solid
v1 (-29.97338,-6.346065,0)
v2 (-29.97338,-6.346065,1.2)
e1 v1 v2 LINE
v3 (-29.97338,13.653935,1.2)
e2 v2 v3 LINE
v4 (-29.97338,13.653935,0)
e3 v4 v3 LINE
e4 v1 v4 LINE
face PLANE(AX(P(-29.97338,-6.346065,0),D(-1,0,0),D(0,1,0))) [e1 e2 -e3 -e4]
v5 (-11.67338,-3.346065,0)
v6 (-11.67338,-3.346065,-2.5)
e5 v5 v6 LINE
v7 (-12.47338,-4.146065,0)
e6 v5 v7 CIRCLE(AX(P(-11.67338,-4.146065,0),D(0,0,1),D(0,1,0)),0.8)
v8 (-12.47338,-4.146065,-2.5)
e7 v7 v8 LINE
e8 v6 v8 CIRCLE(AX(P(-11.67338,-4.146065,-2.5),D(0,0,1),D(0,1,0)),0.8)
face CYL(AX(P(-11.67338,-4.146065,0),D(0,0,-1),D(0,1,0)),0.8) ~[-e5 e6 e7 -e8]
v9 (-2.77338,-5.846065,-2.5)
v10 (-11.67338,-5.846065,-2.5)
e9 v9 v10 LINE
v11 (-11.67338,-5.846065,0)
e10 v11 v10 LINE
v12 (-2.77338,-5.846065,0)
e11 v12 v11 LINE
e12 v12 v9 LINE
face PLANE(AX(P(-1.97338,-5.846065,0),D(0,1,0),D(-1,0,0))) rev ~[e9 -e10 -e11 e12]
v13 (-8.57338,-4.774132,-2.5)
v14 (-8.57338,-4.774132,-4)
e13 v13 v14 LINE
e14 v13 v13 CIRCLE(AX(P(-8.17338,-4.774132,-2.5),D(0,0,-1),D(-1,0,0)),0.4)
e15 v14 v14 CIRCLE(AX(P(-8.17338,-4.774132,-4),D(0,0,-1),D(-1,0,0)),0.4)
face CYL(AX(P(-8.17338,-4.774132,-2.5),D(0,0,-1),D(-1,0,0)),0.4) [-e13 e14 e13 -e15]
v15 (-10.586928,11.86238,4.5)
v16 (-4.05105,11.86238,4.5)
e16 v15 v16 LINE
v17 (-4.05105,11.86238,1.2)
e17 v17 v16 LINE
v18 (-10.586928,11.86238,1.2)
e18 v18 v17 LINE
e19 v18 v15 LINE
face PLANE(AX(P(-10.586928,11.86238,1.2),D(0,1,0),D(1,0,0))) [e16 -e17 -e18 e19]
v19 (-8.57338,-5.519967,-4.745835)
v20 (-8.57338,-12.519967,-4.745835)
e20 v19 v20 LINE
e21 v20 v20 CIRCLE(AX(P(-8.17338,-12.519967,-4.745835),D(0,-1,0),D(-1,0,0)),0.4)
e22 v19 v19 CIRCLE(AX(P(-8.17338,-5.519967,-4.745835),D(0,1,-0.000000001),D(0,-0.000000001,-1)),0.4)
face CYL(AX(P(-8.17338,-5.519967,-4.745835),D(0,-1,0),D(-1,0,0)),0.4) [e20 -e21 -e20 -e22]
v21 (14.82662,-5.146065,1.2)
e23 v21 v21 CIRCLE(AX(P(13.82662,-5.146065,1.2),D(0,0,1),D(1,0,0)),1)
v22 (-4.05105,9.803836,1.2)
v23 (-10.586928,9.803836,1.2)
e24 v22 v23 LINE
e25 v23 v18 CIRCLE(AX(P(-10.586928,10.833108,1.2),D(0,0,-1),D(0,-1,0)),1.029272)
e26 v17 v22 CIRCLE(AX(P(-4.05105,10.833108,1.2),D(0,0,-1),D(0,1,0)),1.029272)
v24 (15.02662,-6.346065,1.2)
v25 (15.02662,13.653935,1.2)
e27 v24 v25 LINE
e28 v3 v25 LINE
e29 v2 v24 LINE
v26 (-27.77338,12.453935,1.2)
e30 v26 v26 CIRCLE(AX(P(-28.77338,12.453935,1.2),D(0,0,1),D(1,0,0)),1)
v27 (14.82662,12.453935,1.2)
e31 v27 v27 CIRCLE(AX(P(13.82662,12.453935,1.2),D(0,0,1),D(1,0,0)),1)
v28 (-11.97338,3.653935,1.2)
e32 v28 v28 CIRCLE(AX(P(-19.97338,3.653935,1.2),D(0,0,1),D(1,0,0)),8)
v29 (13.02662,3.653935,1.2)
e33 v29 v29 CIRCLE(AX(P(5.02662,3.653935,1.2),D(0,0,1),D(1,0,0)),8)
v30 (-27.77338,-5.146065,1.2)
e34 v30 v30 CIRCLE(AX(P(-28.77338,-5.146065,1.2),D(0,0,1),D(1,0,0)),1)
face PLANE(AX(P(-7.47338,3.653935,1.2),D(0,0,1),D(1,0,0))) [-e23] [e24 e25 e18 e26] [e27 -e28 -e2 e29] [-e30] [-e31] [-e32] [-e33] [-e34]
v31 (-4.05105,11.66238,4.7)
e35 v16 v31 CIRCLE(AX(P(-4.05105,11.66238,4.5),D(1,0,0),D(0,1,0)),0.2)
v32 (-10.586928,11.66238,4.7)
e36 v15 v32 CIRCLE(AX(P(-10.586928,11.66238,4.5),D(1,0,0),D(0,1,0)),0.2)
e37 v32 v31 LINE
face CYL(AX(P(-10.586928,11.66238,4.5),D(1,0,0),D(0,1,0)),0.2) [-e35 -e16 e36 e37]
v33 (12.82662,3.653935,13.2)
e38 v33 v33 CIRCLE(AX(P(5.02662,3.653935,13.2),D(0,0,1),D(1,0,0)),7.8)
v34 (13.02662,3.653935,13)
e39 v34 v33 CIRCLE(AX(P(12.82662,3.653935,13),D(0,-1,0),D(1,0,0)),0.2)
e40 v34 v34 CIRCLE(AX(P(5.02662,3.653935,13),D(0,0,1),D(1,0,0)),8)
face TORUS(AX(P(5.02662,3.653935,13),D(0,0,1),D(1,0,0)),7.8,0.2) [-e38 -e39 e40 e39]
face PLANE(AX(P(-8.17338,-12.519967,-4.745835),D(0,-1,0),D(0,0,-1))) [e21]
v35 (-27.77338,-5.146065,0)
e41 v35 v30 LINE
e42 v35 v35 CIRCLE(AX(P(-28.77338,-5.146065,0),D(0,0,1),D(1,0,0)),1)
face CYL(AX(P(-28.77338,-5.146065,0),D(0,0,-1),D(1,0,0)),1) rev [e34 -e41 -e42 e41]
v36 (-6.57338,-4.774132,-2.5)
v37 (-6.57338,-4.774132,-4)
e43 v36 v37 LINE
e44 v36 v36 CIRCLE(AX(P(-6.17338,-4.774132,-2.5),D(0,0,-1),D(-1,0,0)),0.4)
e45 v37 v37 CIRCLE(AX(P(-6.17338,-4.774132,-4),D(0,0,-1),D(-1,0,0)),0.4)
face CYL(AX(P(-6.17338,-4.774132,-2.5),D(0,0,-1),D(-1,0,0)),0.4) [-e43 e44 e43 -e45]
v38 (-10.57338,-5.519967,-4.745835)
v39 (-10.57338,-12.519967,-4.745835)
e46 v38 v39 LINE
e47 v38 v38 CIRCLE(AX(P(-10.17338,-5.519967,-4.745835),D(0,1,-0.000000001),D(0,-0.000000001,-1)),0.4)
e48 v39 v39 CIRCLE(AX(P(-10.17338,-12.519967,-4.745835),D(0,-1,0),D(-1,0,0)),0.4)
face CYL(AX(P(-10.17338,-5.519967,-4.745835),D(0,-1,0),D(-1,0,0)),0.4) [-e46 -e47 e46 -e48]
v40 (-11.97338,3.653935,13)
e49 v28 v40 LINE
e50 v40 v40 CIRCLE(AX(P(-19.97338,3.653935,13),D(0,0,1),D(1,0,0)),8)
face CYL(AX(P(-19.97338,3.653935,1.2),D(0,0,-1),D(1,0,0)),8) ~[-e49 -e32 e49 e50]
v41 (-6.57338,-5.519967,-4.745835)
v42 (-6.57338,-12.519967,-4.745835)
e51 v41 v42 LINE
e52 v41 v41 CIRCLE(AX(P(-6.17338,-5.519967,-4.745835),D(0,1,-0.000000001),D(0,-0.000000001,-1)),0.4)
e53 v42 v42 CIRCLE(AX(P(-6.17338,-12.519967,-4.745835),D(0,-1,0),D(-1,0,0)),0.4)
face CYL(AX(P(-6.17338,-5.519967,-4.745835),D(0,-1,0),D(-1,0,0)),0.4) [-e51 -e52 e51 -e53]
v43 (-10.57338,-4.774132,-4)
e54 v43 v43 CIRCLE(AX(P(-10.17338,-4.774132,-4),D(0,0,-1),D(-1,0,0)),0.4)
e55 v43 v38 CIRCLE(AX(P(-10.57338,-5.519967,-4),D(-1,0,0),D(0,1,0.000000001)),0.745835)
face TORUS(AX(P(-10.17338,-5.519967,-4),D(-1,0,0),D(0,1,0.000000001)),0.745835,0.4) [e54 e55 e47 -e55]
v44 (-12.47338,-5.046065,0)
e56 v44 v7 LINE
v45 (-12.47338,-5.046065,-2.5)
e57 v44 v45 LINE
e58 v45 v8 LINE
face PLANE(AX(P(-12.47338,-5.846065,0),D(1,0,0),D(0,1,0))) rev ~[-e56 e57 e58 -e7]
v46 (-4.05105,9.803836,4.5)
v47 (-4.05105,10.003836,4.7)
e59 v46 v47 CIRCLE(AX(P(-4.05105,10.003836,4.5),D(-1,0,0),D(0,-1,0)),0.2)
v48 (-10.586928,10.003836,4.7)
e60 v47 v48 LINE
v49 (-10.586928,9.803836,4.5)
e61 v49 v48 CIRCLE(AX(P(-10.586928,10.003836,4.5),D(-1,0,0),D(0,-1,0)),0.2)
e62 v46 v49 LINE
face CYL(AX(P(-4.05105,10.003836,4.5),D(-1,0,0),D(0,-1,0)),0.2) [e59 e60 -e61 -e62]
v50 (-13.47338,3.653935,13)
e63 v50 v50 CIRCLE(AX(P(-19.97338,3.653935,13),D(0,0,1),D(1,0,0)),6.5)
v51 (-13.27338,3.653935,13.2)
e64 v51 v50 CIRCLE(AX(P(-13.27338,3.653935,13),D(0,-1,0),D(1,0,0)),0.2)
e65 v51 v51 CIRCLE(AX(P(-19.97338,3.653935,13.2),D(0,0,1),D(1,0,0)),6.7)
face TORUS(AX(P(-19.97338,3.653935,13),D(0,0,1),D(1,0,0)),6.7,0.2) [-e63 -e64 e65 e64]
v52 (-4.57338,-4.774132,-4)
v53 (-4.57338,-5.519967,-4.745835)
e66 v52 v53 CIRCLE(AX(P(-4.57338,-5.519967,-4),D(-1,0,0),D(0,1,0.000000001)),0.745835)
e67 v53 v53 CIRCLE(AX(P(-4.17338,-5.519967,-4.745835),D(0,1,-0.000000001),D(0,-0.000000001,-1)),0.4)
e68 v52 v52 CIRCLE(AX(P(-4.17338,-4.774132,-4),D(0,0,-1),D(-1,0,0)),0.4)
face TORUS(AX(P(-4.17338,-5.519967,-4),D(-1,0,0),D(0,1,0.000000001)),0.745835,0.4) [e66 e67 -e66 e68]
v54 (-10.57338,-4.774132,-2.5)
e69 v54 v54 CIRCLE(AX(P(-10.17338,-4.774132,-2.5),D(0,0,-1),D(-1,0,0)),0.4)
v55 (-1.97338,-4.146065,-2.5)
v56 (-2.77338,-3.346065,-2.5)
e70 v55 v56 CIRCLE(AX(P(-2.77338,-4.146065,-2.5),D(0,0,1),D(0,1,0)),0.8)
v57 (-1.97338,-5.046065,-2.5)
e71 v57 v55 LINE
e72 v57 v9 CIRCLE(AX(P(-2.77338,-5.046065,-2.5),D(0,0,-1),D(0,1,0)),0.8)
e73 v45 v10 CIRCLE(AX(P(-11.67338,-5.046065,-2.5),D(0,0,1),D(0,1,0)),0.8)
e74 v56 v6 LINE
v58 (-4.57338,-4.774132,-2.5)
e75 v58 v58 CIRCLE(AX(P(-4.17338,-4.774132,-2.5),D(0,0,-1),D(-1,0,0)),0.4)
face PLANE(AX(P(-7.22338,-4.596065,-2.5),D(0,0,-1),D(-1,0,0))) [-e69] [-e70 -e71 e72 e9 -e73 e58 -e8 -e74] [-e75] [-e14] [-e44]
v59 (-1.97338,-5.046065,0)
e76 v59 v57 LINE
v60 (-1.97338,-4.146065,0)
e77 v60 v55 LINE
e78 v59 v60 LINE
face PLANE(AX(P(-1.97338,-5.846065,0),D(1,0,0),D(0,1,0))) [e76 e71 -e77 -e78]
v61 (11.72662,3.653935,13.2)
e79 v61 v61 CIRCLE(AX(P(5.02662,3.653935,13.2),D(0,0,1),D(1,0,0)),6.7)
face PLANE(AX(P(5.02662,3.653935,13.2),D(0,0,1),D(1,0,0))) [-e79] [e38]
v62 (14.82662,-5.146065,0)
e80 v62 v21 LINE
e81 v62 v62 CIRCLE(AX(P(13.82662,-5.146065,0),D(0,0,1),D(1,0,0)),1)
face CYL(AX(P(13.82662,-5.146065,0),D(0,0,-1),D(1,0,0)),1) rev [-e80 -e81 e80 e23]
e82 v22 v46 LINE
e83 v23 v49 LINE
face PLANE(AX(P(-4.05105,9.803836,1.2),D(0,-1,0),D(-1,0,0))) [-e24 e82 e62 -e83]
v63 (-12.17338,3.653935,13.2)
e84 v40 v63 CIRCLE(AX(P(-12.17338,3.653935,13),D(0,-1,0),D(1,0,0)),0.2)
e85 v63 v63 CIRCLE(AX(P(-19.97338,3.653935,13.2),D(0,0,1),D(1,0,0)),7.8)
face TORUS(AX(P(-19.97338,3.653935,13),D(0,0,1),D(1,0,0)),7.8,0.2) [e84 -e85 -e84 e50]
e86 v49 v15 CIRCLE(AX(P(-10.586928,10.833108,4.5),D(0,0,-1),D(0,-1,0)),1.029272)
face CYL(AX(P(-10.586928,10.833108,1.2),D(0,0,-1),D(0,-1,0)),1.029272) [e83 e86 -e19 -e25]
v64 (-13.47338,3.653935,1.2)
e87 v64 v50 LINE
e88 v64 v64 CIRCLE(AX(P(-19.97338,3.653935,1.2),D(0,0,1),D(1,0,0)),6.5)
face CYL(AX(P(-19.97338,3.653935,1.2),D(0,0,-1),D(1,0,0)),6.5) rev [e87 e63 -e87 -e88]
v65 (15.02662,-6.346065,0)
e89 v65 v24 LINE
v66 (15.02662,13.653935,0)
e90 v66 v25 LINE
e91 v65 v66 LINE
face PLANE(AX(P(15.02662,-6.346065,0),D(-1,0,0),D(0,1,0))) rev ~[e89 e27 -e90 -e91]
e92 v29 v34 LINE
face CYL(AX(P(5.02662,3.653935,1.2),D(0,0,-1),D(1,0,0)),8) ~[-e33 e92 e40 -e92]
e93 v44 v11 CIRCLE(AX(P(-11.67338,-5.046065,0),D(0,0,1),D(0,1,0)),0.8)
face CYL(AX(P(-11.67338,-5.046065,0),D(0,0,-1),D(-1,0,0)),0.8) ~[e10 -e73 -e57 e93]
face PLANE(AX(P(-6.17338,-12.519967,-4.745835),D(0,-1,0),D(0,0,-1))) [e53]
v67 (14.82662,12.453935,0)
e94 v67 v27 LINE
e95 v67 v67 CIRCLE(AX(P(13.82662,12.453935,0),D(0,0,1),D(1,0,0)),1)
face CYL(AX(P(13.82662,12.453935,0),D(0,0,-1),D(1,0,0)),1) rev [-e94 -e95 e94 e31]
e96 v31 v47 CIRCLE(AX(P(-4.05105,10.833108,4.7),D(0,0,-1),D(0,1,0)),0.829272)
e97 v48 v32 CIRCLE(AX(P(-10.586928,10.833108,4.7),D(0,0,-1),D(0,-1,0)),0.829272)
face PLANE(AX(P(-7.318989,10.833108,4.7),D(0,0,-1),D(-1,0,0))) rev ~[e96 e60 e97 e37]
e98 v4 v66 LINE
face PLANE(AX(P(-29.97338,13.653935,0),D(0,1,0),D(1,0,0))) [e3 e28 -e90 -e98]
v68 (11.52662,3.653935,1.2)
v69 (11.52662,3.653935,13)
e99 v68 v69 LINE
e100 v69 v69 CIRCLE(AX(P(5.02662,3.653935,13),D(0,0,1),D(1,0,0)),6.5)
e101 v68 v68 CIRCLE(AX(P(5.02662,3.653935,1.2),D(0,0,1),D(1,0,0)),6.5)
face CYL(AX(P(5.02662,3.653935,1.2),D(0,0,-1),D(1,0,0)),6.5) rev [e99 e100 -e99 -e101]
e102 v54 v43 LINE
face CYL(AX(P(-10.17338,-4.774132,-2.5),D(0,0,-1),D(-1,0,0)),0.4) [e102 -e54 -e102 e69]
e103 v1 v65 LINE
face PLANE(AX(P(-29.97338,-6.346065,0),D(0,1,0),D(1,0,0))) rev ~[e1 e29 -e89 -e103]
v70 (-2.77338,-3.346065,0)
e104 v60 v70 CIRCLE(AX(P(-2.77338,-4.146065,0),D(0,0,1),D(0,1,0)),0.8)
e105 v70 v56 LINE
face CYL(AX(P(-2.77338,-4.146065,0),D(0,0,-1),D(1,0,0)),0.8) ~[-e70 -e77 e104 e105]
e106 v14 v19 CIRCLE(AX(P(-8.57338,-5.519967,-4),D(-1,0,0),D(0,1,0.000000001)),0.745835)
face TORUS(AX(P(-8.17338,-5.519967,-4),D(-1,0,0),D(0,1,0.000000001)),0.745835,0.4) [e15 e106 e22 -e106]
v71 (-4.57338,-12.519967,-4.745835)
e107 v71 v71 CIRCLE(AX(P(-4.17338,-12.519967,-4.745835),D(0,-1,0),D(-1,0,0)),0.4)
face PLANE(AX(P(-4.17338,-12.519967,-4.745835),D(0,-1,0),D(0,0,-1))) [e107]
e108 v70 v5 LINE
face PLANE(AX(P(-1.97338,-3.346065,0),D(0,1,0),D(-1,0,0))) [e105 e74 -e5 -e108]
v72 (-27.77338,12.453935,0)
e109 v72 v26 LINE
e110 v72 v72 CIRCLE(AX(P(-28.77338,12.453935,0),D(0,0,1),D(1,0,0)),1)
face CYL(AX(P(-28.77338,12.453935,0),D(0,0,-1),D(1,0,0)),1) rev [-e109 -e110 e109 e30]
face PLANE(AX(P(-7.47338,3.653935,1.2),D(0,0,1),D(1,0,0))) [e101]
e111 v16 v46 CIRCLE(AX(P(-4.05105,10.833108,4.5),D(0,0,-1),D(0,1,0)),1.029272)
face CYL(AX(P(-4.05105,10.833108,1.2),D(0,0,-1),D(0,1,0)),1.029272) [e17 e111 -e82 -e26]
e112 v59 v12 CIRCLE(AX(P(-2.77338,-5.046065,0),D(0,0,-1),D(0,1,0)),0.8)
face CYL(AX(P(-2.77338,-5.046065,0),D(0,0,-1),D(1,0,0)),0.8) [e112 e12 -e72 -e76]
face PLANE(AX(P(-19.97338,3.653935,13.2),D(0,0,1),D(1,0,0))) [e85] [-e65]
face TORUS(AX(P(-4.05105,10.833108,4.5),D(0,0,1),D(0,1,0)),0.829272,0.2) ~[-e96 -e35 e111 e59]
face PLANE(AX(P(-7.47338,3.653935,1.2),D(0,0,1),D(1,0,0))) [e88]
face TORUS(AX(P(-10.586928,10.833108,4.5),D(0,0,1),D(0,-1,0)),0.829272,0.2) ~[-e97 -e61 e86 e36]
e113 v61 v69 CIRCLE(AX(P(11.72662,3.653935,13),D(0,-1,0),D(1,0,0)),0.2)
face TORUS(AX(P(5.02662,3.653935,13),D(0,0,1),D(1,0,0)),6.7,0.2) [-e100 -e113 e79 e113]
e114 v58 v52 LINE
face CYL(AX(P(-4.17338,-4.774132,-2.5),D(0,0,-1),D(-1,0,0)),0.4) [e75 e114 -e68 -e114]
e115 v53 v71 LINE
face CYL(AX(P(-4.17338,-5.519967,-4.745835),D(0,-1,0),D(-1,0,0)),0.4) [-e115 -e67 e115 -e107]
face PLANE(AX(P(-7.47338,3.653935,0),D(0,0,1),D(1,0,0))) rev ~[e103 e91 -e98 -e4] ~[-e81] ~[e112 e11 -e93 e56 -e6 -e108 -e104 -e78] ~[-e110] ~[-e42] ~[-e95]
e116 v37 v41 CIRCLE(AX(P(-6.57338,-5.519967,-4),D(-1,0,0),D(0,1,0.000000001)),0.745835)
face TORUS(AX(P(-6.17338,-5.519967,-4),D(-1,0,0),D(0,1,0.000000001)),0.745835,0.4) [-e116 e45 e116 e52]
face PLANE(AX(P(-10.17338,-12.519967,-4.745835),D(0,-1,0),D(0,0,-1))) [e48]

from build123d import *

# Parameters (mm, degrees)
SKETCH_1_W             = 45
SKETCH_1_H             = 20
SKETCH_1_R             = 1
EXTRUDE_1_DEPTH        = 1.2
SKETCH_2_R             = 8
SKETCH_2_R_2           = 6.5
EXTRUDE_2_DEPTH        = 12
EXTRUDE_3_DEPTH        = 3.5
FILLET_1_R             = 0.2
SKETCH_5_W             = 10.5
SKETCH_5_H             = 2.5
EXTRUDE_4_DEPTH        = 2.5
FILLET_2_R             = 0.8
SKETCH_7_R             = 0.4
PATTERN_LINEAR_1_COUNT = 4
PATTERN_LINEAR_1_PITCH = 2


with BuildPart() as part:
    # 草图1 → 凸台-拉伸1 (new body)
    with BuildSketch(Plane.XY):
        with Locations((-7.47337963, 3.653935185)):
            Rectangle(SKETCH_1_W, SKETCH_1_H)
        with Locations((-28.77337963, 12.453935185)):
            Circle(SKETCH_1_R, mode=Mode.SUBTRACT)
        with Locations((-28.77337963, -5.146064815)):
            Circle(SKETCH_1_R, mode=Mode.SUBTRACT)
        with Locations((13.82662037, 12.453935185)):
            Circle(SKETCH_1_R, mode=Mode.SUBTRACT)
        with Locations((13.82662037, -5.146064815)):
            Circle(SKETCH_1_R, mode=Mode.SUBTRACT)
    extrude(amount=EXTRUDE_1_DEPTH)

    # 草图2 → 凸台-拉伸2 (add)
    # profile 1 of 2: a face of its own
    with BuildSketch(Plane.XY.offset(1.2)):
        with Locations((-19.97337963, 3.653935185)):
            Circle(SKETCH_2_R)
        with Locations((-19.97337963, 3.653935185)):
            Circle(SKETCH_2_R_2, mode=Mode.SUBTRACT)
    # profile 2 of 2: a face of its own
    with BuildSketch(Plane.XY.offset(1.2)):
        with Locations((5.02662037, 3.653935185)):
            Circle(SKETCH_2_R)
        with Locations((5.02662037, 3.653935185)):
            Circle(SKETCH_2_R_2, mode=Mode.SUBTRACT)
    extrude(amount=EXTRUDE_2_DEPTH)

    # 草图3 → 凸台-拉伸3 (add)
    with BuildSketch(Plane.XY.offset(1.2)):
        with BuildLine():
            Line((-10.586927782, 11.862380315), (-4.051049842, 11.862380315))
            ThreePointArc((-4.051049842, 11.862380315), (-3.021777725, 10.833108198), (-4.051049842, 9.803836082))
            Line((-4.051049842, 9.803836082), (-10.586927782, 9.803836082))
            ThreePointArc((-10.586927782, 9.803836082), (-11.616199899, 10.833108198), (-10.586927782, 11.862380315))
        make_face()
    extrude(amount=EXTRUDE_3_DEPTH)

    # 圆角1
    fillet_1_edges = [part.edges().sort_by_distance(p)[0] for p in [
        (-27.97337963, 3.653935185, 13.2),
        (-26.47337963, 3.653935185, 13.2),
        (-2.97337963, 3.653935185, 13.2),
        (-1.47337963, 3.653935185, 13.2),
        (-11.616199899, 10.833108198, 4.7),
        (-7.318988812, 9.803836082, 4.7),
        (-3.021777725, 10.833108198, 4.7),
        (-7.318988812, 11.862380315, 4.7),
    ]]
    fillet(fillet_1_edges, radius=FILLET_1_R)

    # 草图5 → 凸台-拉伸4 (add)
    with BuildSketch(Plane(origin=(0, 0, 0), x_dir=(-1, 0, 0), z_dir=(0, 0, -1))):
        with Locations((7.22337963, -4.596064815)):
            Rectangle(SKETCH_5_W, SKETCH_5_H)
    extrude(amount=EXTRUDE_4_DEPTH)

    # 圆角2
    fillet_2_edges = [part.edges().sort_by_distance(p)[0] for p in [
        (-1.97337963, -3.346064815, -1.25),
        (-1.97337963, -5.846064815, -1.25),
        (-12.47337963, -5.846064815, -1.25),
        (-12.47337963, -3.346064815, -1.25),
    ]]
    fillet(fillet_2_edges, radius=FILLET_2_R)

    # 扫描1: sweep along a path in 草图8
    with BuildLine(Plane(origin=(-4.17337963, 0, 0), x_dir=(0, 0, -1), z_dir=(1, 0, 0))) as sweep_1_path:
        Line((2.5, -4.774131983), (4, -4.774131983))
        ThreePointArc((4, -4.774131983), (4.527384697, -4.992581877), (4.74583459, -5.519966573))
        Line((4.74583459, -5.519966573), (4.74583459, -12.519966573))
    # 草图7 → 扫描1 (sweep)
    with BuildSketch(Plane(origin=(0, 0, -2.5), x_dir=(-1, 0, 0), z_dir=(0, 0, -1))):
        with Locations((4.17337963, -4.774131983)):
            Circle(SKETCH_7_R)
    sweep_1 = sweep(path=sweep_1_path.line)

    # 阵列(线性)1: 扫描1 ×4
    with Locations(*[(-i * PATTERN_LINEAR_1_PITCH, 0, 0) for i in range(1, PATTERN_LINEAR_1_COUNT)]):
        add(sweep_1)


solid = part.part
